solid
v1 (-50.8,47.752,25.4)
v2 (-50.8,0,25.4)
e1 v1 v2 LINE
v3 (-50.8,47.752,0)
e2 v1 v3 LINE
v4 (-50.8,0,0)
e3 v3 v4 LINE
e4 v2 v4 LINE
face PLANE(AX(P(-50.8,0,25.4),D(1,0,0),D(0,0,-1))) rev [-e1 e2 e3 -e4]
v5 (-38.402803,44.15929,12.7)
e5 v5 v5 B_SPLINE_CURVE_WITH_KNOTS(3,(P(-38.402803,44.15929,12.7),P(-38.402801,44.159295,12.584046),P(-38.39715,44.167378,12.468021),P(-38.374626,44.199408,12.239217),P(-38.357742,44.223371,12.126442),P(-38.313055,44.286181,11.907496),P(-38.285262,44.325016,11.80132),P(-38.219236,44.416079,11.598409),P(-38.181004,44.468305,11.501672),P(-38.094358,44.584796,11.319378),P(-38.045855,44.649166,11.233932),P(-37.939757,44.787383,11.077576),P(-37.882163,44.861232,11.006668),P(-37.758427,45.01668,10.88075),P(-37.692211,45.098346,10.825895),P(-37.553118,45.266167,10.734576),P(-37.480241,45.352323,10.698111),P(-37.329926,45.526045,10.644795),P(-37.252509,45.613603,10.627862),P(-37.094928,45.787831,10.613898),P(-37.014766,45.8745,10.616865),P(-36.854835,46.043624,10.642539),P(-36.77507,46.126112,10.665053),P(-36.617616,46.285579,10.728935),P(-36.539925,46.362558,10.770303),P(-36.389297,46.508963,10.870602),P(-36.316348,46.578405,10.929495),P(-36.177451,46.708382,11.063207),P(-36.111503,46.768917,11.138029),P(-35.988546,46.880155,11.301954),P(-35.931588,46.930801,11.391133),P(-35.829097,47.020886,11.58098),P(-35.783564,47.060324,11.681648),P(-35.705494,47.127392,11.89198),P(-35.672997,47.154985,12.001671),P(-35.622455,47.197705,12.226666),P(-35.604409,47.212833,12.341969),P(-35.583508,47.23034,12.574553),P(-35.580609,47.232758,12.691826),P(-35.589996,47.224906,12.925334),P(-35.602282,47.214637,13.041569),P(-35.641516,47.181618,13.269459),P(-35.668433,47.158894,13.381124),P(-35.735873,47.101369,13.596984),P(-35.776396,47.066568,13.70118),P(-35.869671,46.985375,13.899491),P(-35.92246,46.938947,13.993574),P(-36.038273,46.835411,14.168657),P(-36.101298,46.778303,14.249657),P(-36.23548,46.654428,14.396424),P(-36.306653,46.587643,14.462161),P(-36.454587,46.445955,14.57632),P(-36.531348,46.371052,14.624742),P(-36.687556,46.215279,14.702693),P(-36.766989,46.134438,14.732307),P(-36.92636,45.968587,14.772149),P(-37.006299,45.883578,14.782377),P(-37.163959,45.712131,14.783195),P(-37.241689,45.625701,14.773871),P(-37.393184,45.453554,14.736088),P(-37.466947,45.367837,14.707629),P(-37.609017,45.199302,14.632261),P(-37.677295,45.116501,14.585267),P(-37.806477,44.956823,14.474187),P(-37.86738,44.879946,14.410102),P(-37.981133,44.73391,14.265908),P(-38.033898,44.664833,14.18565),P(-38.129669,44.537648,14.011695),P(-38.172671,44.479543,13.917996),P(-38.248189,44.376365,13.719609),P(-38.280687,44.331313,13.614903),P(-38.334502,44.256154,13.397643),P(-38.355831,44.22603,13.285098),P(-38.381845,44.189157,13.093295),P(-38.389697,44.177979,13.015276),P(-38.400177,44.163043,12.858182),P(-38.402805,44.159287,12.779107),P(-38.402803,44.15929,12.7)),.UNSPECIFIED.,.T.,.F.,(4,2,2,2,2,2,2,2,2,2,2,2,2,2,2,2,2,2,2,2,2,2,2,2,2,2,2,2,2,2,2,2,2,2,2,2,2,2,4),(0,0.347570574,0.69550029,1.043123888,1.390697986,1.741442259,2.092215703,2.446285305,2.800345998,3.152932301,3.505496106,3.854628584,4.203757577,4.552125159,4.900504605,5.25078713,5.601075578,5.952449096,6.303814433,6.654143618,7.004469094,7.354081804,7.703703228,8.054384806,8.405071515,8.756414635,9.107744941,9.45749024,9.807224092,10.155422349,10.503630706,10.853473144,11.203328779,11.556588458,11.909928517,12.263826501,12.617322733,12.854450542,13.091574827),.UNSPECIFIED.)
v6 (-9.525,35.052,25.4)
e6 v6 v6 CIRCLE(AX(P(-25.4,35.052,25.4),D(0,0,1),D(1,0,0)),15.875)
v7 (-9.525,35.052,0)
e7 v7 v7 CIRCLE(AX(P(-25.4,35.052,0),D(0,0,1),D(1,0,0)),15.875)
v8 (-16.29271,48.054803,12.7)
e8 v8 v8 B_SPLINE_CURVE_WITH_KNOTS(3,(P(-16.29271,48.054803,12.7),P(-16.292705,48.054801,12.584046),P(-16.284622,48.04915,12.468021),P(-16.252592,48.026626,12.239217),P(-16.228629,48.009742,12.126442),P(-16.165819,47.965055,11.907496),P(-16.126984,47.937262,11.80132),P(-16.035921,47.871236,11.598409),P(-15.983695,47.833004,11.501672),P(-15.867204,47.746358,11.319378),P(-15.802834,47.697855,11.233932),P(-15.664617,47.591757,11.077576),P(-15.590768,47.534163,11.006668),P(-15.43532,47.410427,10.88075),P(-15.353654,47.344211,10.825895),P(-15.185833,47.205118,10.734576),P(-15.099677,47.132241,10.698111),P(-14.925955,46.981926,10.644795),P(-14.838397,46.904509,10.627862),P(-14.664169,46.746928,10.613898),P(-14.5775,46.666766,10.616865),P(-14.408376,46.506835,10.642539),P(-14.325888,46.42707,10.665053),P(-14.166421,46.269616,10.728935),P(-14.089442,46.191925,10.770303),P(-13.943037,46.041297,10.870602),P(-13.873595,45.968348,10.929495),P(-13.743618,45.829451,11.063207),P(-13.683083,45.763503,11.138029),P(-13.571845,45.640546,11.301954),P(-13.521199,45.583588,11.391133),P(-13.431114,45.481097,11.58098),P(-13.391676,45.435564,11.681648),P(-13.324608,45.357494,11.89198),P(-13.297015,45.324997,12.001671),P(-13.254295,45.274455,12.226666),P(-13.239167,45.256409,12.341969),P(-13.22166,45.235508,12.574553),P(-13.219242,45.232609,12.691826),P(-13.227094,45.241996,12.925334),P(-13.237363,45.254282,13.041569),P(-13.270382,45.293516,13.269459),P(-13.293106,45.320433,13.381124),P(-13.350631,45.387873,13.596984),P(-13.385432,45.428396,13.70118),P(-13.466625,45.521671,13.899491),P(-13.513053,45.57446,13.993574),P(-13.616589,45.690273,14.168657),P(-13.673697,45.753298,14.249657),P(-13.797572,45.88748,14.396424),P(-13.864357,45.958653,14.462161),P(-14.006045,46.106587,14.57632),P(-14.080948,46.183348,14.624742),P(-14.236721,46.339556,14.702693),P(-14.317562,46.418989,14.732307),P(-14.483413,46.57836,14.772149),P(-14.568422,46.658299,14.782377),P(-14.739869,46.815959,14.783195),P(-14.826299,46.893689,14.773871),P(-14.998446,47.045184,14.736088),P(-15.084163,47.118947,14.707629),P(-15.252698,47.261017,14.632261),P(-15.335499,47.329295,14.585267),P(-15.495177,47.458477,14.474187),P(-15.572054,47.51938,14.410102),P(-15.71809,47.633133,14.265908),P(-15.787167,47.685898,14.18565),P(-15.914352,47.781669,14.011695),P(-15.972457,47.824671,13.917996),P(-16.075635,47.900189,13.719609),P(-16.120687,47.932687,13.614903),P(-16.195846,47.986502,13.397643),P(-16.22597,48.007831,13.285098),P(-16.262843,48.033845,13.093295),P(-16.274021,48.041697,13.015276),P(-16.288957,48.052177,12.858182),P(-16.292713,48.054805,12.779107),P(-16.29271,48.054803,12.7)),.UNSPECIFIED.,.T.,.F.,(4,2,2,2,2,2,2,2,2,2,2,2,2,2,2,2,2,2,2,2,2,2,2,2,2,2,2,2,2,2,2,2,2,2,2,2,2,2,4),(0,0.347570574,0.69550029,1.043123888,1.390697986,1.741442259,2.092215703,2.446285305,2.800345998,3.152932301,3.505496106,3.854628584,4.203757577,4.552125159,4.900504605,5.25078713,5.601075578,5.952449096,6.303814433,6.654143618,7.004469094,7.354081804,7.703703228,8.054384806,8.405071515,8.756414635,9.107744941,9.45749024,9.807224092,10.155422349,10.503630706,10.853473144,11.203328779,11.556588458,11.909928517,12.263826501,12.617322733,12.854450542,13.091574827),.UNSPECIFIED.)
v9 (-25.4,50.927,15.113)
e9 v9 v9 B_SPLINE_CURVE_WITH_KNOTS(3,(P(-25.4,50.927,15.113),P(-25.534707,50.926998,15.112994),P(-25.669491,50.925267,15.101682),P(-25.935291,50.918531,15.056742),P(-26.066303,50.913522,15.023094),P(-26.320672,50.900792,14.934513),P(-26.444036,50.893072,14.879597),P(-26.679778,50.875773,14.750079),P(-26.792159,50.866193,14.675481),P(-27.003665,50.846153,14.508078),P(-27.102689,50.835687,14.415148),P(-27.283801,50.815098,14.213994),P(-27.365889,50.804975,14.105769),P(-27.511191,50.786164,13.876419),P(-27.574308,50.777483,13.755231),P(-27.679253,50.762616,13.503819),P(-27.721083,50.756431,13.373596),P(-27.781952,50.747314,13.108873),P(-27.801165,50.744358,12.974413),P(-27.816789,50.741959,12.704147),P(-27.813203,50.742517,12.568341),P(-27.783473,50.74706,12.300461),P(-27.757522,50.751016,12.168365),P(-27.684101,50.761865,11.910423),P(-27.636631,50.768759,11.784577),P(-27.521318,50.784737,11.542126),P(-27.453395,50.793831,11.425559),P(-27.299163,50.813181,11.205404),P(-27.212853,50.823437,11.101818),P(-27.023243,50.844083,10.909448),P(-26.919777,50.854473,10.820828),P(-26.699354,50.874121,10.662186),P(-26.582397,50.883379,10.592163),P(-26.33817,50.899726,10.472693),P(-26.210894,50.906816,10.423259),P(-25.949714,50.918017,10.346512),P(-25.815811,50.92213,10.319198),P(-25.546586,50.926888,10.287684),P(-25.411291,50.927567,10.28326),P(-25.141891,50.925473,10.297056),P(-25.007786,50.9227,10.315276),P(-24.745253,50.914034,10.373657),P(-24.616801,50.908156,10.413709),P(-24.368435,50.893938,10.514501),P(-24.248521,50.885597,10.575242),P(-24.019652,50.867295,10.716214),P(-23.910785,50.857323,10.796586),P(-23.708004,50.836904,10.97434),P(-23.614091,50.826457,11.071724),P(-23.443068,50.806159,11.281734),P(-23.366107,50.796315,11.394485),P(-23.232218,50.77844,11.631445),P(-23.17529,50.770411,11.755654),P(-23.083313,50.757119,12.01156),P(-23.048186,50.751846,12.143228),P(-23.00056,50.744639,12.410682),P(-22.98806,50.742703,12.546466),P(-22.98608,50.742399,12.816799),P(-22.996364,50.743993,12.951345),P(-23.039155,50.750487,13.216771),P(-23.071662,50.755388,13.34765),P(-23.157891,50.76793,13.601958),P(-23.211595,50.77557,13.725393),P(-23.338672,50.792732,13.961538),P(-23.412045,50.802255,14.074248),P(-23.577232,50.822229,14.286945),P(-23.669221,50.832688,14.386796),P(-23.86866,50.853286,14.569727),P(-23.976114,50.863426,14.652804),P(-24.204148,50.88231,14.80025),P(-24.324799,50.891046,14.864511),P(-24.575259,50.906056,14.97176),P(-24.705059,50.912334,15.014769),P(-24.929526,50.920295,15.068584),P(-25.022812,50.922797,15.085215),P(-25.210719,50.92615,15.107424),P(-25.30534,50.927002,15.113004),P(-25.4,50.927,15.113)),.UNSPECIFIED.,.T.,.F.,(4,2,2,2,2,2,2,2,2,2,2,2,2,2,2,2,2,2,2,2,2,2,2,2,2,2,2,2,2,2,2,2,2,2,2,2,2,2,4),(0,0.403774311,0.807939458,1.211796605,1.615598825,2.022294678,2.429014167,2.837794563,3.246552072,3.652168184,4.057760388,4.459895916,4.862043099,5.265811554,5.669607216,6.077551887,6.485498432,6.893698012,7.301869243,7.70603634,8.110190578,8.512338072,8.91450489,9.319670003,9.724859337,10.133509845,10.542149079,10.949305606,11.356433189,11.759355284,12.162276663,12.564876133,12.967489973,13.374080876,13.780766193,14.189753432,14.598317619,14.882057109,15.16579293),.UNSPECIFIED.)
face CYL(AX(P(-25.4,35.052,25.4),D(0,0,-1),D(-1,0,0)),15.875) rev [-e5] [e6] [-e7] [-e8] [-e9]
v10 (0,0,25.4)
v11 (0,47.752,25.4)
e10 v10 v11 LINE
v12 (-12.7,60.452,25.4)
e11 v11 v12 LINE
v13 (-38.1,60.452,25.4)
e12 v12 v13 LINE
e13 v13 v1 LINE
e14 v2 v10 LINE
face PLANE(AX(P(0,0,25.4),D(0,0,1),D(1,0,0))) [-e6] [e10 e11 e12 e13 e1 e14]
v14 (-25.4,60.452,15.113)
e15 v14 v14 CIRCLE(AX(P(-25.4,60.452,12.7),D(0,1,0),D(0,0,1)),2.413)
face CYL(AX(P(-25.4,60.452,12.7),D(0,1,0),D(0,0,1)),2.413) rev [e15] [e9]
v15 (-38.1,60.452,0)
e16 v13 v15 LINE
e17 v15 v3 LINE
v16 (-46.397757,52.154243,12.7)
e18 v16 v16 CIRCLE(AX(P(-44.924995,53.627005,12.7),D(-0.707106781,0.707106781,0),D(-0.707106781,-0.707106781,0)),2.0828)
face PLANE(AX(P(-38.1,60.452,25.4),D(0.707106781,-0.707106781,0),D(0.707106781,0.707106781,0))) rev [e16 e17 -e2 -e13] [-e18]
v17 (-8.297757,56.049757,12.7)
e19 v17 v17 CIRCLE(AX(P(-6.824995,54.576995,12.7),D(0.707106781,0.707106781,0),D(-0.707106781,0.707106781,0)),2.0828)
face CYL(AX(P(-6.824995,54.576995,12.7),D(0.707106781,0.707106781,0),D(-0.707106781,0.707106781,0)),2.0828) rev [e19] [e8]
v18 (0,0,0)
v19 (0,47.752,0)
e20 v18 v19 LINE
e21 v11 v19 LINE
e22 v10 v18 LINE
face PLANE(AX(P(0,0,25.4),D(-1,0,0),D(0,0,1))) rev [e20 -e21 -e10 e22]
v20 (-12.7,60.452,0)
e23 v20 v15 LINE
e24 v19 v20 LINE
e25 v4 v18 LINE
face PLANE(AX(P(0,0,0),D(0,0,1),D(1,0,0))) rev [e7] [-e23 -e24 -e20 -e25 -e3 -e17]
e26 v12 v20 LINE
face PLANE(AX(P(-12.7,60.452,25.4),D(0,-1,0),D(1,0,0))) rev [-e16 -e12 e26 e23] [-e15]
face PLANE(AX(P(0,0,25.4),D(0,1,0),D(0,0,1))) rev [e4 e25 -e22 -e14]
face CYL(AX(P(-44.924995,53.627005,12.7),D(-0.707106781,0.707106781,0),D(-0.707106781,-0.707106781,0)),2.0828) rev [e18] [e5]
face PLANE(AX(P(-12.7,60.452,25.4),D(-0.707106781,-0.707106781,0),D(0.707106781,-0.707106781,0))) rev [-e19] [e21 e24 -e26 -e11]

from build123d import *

# Parameters (mm, degrees)
SKETCH2_R                   = 15.875
BOSS_EXTRUDE1_DEPTH         = 25.4
F_1_2_20_TAPPED_HOLE1_D     = 4.826
F_1_2_20_TAPPED_HOLE1_DEPTH = 31.75
F_1_2_20_TAPPED_HOLE1_TIP   = 1.449876674
F_1_2_20_TAPPED_HOLE2_D     = 4.1656
F_1_2_20_TAPPED_HOLE2_DEPTH = 31.75
F_1_2_20_TAPPED_HOLE2_TIP   = 1.251472497
F_1_2_20_TAPPED_HOLE3_D     = 4.1656
F_1_2_20_TAPPED_HOLE3_DEPTH = 31.75
F_1_2_20_TAPPED_HOLE3_TIP   = 1.251472497


with BuildPart() as part:
    # Sketch2 → Boss-Extrude1 (new body)
    with BuildSketch(Plane.XY):
        Polygon((-38.1, 60.452), (-50.8, 47.752), (-50.8, 0), (0, 0), (0, 47.752), (-12.7, 60.452), align=None)
        with Locations((-25.4, 35.052)):
            Circle(SKETCH2_R, mode=Mode.SUBTRACT)
    extrude(amount=BOSS_EXTRUDE1_DEPTH)

    # 1/2-20 Tapped Hole1
    with Locations(Plane(origin=(-25.4, 60.452, 12.7), x_dir=(1, 0, 0), z_dir=(0, 1, 0))):
        with Locations((0, 0)):
            Hole(F_1_2_20_TAPPED_HOLE1_D / 2, depth=F_1_2_20_TAPPED_HOLE1_DEPTH)
            with Locations((0, 0, -(F_1_2_20_TAPPED_HOLE1_DEPTH + F_1_2_20_TAPPED_HOLE1_TIP / 2))):  # 118° drill point
                Cone(0, F_1_2_20_TAPPED_HOLE1_D / 2, F_1_2_20_TAPPED_HOLE1_TIP, mode=Mode.SUBTRACT)

    # 1/2-20 Tapped Hole2
    with Locations(Plane(origin=(-44.924994652, 53.627005348, 12.7), x_dir=(-0.707106781187, -0.707106781187, 0), z_dir=(-0.707106781187, 0.707106781187, 0))):
        with Locations((0, 0)):
            Hole(F_1_2_20_TAPPED_HOLE2_D / 2, depth=F_1_2_20_TAPPED_HOLE2_DEPTH)
            with Locations((0, 0, -(F_1_2_20_TAPPED_HOLE2_DEPTH + F_1_2_20_TAPPED_HOLE2_TIP / 2))):  # 118° drill point
                Cone(0, F_1_2_20_TAPPED_HOLE2_D / 2, F_1_2_20_TAPPED_HOLE2_TIP, mode=Mode.SUBTRACT)

    # 1/2-20 Tapped Hole3
    with Locations(Plane(origin=(-6.824994652, 54.576994652, 12.7), x_dir=(0.707106781187, -0.707106781187, 0), z_dir=(0.707106781187, 0.707106781187, 0))):
        with Locations((0, 0)):
            Hole(F_1_2_20_TAPPED_HOLE3_D / 2, depth=F_1_2_20_TAPPED_HOLE3_DEPTH)
            with Locations((0, 0, -(F_1_2_20_TAPPED_HOLE3_DEPTH + F_1_2_20_TAPPED_HOLE3_TIP / 2))):  # 118° drill point
                Cone(0, F_1_2_20_TAPPED_HOLE3_D / 2, F_1_2_20_TAPPED_HOLE3_TIP, mode=Mode.SUBTRACT)


solid = part.part
